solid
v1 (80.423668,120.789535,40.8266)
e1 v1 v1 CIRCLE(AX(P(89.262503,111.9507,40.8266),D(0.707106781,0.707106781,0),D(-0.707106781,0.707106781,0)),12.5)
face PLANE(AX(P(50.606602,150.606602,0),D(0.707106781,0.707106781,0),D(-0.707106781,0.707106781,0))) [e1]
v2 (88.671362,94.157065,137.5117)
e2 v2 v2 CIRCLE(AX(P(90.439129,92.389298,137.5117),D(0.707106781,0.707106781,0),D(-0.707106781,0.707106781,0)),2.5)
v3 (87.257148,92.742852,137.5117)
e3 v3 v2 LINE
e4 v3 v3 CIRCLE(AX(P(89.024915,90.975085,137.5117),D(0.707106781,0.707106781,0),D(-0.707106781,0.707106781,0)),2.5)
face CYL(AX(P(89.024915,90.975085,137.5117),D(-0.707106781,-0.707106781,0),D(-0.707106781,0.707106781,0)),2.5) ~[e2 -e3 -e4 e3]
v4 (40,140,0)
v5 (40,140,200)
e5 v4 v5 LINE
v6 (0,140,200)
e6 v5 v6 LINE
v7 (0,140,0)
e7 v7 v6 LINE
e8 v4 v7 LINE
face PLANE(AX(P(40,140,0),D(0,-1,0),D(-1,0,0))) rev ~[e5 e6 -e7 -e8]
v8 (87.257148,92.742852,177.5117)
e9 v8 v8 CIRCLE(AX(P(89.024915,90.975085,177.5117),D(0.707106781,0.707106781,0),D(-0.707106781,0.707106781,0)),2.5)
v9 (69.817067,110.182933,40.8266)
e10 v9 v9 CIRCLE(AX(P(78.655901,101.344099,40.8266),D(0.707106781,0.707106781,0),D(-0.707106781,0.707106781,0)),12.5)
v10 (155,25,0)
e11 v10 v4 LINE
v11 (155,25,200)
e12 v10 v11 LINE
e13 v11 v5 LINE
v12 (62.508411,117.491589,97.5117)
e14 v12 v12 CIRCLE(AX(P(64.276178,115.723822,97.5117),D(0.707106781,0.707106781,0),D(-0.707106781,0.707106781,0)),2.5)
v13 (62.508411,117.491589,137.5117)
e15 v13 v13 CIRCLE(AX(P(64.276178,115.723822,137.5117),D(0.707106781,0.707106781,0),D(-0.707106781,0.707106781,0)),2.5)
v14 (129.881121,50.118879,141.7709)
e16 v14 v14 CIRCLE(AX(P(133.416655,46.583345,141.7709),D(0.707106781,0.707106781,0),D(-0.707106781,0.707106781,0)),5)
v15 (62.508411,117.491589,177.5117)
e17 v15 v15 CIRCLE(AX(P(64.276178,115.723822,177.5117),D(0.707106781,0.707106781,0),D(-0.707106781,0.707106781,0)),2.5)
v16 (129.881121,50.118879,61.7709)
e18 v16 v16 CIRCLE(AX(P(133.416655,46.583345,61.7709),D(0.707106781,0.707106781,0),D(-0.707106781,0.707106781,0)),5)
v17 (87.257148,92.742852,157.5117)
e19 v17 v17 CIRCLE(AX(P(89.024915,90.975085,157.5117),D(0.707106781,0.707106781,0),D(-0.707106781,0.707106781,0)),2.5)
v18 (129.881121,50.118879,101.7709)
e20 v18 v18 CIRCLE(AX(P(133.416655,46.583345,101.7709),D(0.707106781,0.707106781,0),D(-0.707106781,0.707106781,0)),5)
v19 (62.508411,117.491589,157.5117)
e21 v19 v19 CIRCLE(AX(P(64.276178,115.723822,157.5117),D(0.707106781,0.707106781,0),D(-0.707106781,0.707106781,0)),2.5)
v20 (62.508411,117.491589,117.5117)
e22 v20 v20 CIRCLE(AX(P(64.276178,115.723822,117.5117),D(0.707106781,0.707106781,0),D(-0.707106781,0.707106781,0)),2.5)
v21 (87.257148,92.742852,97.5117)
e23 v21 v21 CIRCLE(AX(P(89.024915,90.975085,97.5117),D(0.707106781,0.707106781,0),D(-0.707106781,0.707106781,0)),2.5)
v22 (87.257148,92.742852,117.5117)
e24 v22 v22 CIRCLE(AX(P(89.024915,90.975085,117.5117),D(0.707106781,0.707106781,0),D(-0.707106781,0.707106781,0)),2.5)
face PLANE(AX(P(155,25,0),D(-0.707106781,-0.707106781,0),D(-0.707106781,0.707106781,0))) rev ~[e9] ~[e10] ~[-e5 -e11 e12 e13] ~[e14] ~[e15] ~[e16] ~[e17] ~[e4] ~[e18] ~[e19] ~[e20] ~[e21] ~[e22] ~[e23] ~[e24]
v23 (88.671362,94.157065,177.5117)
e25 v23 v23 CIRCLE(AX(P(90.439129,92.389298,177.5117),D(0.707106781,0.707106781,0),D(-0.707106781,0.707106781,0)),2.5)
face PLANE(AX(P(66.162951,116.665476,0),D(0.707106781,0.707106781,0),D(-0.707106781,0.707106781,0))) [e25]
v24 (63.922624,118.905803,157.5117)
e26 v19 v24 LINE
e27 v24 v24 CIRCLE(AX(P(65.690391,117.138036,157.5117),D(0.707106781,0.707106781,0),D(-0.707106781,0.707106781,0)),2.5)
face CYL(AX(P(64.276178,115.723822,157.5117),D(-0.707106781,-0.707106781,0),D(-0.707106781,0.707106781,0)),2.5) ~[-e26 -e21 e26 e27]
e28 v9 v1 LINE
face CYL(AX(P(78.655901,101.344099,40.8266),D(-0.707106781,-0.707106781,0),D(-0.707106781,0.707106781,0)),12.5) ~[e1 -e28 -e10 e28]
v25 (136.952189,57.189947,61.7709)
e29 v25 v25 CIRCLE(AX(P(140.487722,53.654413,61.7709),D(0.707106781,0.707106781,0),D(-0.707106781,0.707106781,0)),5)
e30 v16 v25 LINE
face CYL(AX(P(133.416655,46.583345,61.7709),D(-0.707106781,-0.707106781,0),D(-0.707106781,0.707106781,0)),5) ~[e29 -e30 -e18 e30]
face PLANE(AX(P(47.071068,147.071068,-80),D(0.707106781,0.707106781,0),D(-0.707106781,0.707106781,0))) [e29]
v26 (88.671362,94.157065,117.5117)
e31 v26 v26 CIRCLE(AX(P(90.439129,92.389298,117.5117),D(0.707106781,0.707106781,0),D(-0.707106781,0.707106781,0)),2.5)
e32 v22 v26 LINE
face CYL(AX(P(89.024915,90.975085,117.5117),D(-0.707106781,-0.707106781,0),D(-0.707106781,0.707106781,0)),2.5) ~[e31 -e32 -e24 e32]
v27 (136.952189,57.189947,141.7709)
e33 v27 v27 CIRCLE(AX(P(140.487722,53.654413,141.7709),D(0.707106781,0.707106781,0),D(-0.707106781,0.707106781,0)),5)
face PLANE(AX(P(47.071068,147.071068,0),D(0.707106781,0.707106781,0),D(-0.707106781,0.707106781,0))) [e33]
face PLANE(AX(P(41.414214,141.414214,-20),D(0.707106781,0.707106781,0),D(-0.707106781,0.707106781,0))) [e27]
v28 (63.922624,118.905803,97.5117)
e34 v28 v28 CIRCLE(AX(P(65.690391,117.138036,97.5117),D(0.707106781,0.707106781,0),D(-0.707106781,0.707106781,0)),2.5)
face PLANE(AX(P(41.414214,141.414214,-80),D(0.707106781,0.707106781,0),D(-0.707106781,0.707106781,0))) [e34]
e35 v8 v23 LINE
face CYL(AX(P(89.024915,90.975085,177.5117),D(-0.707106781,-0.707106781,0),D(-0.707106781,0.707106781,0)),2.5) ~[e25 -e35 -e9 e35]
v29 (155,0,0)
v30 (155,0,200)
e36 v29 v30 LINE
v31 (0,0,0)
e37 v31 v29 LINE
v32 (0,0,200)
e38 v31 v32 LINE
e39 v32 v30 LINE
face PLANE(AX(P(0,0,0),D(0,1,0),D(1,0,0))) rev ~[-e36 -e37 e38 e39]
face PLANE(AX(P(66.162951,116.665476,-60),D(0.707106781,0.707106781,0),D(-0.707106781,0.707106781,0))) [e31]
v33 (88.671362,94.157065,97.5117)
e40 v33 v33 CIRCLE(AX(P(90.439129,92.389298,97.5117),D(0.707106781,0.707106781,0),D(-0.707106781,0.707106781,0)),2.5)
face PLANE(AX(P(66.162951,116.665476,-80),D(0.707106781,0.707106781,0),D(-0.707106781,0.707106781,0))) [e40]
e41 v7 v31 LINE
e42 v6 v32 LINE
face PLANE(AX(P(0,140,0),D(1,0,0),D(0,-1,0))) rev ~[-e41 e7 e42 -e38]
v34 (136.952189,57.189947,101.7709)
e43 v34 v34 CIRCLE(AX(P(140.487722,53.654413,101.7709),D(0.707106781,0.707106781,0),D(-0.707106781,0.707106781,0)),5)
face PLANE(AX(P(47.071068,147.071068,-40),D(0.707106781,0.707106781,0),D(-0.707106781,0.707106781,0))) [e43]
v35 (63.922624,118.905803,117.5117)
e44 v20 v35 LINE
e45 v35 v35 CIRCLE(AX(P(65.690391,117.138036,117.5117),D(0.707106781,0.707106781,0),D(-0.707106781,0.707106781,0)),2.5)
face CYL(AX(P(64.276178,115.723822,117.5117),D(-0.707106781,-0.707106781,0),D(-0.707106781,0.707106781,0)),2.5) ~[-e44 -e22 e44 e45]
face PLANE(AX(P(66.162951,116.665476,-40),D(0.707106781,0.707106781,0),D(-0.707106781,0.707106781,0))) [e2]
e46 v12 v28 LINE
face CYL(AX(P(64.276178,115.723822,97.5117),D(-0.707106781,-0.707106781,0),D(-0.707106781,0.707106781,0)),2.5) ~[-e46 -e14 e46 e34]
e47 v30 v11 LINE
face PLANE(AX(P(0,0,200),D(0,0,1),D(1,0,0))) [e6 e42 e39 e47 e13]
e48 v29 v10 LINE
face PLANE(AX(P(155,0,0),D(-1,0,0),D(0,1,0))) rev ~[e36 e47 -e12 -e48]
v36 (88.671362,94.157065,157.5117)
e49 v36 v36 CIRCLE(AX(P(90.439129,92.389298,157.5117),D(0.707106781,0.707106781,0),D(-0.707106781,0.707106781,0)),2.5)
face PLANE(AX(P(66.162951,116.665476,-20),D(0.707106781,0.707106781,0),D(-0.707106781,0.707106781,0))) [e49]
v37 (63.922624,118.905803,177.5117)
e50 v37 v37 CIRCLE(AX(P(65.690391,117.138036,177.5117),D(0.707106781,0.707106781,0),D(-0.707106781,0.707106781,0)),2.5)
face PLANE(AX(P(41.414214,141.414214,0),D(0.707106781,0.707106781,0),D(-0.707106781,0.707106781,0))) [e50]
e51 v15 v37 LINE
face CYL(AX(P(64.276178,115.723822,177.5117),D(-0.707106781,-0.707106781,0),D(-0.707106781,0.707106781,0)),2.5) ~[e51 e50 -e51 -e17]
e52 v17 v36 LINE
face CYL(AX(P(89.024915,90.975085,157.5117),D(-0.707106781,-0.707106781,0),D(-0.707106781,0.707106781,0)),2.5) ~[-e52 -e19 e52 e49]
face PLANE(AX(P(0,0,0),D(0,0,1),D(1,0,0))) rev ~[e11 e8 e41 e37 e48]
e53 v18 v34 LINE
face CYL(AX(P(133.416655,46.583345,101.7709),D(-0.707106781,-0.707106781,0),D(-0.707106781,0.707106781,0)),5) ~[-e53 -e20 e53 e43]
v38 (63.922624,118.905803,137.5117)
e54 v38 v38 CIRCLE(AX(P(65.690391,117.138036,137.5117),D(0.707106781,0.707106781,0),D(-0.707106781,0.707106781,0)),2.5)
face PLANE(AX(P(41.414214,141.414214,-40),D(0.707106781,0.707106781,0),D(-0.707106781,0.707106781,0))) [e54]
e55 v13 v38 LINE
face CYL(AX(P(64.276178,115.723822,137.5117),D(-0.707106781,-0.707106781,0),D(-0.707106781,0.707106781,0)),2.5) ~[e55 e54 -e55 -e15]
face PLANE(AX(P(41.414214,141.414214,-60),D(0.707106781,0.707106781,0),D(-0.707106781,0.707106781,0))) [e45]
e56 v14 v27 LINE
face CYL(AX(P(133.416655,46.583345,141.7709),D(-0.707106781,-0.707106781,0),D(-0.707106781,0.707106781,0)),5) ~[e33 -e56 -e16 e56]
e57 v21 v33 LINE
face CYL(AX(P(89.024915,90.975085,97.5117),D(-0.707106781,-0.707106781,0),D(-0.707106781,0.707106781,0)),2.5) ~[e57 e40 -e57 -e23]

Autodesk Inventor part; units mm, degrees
ref_plane "YZ Plane" through (0, 0, 0) normal (1, 0, 0) x (0, 1, 0)
ref_plane "XZ Plane" through (0, 0, 0) normal (0, 1, 0) x (-1, 0, 0)
ref_plane "XY Plane" through (0, 0, 0) normal (0, 0, 1) x (1, 0, 0)
sketch "Sketch1" plane through (0, 0, 0) normal (0, 0, 1) x (1, 0, 0)
  line L0 (0, 0) -> (155, 0)
  line L1 (155, 0) -> (155, 25)
  line L2 (155, 25) -> (40, 140)
  line L3 (40, 140) -> (0, 140)
  line L4 (0, 140) -> (0, 0)
  dimension "d4" = 40
  dimension "d5" = 140
  dimension "d10" = 25
  dimension "d13" = 45
extrude "Extrusion1" add sketch "Sketch1" along normal blind 200
sketch "Sketch2" plane through (40, 140, 0) normal (0.7071, 0.7071, 0) x (-0.7071, 0.7071, 0)
  circle A0 centre (-34.3317, 177.5117) radius 2.5
  point P0 (-70.7107, 0)
  dimension "d9" = 5
extrude "Extrusion2" add sketch "Sketch2" along normal blind 2
pattern_linear "Rectangular Pattern1" count 5 spacing 20 along (0, 0, -1) count 2 spacing 35 along (0.7071, -0.7071, 0) of "Extrusion2"
sketch "Sketch3" plane through (40, 140, 0) normal (0.7071, 0.7071, 0) x (-0.7071, 0.7071, 0)
  circle A0 centre (-54.6677, 40.8266) radius 12.5
  point P0 (-70.7107, 0)
  dimension "d20" = 25
extrude "Extrusion3" add sketch "Sketch3" along normal blind 15
sketch "Sketch4" plane through (40, 140, 0) normal (0.7071, 0.7071, 0) x (-0.7071, 0.7071, 0)
  circle A0 centre (-132.1111, 141.7709) radius 5
  point P0 (-70.7107, 0)
  dimension "d23" = 10
extrude "Extrusion4" add sketch "Sketch4" along normal blind 10
pattern_linear "Rectangular Pattern2" count 3 spacing 40 along (0, 0, -1) of "Extrusion4"
properties part number "genral outlines"
